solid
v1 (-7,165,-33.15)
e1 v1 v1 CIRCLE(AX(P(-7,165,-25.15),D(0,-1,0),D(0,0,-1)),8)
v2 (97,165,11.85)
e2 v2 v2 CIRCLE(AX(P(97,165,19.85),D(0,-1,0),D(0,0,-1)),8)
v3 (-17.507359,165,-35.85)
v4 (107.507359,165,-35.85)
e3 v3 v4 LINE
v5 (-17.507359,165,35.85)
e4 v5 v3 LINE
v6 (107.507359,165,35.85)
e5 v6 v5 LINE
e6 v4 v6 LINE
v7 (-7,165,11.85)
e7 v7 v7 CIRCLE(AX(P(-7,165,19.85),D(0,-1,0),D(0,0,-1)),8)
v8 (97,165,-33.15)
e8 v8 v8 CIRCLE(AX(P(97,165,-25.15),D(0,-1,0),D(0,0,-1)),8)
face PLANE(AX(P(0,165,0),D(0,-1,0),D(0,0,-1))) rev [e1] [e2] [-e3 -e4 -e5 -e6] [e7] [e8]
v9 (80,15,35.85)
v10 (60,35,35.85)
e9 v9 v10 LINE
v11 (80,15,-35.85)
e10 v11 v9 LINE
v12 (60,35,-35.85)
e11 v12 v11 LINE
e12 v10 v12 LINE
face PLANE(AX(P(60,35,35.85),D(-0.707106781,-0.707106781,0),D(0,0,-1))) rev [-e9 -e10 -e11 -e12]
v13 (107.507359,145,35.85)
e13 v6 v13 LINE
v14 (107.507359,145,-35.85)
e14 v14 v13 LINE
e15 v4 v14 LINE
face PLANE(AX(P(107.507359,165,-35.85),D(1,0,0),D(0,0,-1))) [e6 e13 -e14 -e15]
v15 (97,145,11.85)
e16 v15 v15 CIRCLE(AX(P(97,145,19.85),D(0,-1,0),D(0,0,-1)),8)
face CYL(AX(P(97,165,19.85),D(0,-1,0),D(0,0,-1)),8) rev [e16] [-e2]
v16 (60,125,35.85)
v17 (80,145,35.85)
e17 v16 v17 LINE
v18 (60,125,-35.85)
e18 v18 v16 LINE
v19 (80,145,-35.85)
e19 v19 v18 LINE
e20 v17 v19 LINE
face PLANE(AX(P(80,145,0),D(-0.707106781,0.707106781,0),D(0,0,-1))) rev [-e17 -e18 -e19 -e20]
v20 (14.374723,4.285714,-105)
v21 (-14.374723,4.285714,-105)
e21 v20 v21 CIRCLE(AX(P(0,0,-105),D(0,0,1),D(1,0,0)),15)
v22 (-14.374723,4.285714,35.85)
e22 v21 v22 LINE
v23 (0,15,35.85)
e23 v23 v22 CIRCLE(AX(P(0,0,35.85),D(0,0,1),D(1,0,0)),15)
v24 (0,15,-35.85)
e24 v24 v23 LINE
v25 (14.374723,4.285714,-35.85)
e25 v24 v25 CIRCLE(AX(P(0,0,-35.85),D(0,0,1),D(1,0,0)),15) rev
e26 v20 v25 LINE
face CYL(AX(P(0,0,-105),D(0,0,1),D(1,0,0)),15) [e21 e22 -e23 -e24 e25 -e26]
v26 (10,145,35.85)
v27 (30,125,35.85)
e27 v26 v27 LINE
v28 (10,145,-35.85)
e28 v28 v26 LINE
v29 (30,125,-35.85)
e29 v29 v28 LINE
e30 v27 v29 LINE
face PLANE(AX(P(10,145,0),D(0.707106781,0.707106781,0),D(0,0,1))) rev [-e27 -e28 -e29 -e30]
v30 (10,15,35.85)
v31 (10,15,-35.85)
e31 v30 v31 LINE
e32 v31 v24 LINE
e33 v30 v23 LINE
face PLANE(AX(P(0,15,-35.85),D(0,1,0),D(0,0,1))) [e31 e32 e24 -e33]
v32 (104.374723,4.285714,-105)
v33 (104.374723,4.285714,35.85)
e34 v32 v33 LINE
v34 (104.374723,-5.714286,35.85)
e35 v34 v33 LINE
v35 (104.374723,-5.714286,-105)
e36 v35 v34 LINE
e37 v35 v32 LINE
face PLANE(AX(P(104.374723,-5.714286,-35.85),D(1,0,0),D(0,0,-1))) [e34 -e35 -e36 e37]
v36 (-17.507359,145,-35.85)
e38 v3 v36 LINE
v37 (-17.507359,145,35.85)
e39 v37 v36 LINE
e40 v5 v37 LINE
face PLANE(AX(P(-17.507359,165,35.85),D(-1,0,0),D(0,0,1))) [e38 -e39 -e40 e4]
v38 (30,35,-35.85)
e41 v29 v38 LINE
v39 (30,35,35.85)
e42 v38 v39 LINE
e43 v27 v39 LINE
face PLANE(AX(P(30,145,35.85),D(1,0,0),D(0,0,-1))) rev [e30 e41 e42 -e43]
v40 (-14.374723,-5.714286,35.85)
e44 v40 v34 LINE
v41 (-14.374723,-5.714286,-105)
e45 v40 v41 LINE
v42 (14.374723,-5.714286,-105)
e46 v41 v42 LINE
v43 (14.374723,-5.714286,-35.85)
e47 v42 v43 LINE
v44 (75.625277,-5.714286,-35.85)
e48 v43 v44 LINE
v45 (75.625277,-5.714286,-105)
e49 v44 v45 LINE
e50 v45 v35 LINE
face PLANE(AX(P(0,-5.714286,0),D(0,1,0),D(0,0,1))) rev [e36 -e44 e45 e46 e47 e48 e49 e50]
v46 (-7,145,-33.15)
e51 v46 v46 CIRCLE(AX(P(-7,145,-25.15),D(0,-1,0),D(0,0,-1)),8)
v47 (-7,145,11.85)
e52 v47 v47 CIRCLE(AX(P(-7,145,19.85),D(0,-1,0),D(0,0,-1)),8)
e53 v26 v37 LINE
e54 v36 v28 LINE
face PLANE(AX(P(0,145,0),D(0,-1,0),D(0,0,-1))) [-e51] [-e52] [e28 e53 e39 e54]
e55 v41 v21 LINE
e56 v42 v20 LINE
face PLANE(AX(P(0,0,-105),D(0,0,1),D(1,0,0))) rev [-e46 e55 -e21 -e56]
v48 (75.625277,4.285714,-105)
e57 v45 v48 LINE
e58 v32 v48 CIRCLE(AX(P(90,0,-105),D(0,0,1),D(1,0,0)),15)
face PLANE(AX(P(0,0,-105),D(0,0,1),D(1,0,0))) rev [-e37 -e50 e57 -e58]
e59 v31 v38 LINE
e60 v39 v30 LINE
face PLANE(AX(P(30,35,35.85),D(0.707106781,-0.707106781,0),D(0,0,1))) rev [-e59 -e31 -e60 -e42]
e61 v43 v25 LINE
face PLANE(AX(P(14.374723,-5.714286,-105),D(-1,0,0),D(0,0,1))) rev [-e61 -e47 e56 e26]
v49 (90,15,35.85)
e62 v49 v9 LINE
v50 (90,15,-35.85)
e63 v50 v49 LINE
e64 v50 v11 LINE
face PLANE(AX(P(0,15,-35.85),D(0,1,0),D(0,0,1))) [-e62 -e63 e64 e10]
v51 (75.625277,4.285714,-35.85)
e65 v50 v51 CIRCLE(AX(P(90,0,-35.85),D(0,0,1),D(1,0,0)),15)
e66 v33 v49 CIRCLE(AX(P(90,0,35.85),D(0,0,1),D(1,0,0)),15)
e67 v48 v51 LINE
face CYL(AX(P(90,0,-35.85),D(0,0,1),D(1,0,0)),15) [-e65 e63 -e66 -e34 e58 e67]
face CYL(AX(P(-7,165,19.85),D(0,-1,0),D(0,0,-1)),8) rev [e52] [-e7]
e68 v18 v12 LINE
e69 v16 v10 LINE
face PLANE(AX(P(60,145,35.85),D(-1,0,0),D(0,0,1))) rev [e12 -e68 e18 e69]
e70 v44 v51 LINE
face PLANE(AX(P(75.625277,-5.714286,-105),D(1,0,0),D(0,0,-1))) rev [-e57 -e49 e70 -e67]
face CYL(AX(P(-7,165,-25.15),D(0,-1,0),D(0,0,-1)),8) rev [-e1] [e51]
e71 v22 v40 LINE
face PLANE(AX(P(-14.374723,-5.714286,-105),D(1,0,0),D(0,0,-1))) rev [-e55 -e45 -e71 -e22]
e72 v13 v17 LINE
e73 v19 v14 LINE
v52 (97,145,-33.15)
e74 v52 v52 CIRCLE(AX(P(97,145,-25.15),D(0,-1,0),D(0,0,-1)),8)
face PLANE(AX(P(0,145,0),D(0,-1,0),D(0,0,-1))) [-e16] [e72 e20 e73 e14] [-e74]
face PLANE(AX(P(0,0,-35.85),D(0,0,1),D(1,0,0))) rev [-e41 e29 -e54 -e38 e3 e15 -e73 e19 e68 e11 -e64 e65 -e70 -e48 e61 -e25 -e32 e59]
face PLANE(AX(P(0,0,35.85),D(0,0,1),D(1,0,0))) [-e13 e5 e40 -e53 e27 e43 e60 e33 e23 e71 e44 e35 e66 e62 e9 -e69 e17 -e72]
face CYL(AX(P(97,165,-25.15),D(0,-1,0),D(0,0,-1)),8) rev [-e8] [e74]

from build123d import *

# Parameters (mm, degrees)
ESTRUSIONE_ESTRUSIONE1_DEPTH   = 105
ESTRUSIONE_ESTRUSIONE1_2_DEPTH = 105
SCHIZZO2_W                     = 28.749445424
SCHIZZO2_H                     = 105
ESTRUSIONE_ESTRUSIONE2_DEPTH   = 10
ESTRUSIONE_ESTRUSIONE3_DEPTH   = 35.85
SCHIZZO4_W                     = 30
SCHIZZO4_H                     = 71.7
ESTRUSIONE_ESTRUSIONE4_DEPTH   = 130
SCHIZZO5_W                     = 125.014718626
SCHIZZO5_H                     = 71.7
ESTRUSIONE_ESTRUSIONE5_DEPTH   = 20
SMUSSO1_SIZE                   = 20


with BuildPart() as part:
    # Schizzo1 → Estrusione-Estrusione1 (new body)
    with BuildSketch(Plane.XY):
        with BuildLine():
            ThreePointArc((14.374722712, 4.285714286), (0, 15), (-14.374722712, 4.285714286))
            Line((-14.374722712, 4.285714286), (14.374722712, 4.285714286))
        make_face()
    extrude(amount=-ESTRUSIONE_ESTRUSIONE1_DEPTH)



with BuildPart() as body_2:
    # Schizzo1 → Estrusione-Estrusione1 2 (new body)
    with BuildSketch(Plane.XY):
        with BuildLine():
            Line((75.625277288, 4.285714286), (104.374722712, 4.285714286))
            ThreePointArc((104.374722712, 4.285714286), (90, 15), (75.625277288, 4.285714286))
        make_face()
    extrude(amount=-ESTRUSIONE_ESTRUSIONE1_2_DEPTH)


with BuildPart() as part_1:
    add(part.part)

    add(body_2.part)  # Estrusione-Estrusione2 merges body 2
    # Schizzo2 → Estrusione-Estrusione2 (add)
    with BuildSketch(Plane.XZ.offset(-4.285714286)):
        with Locations((0, -52.5)):
            Rectangle(SCHIZZO2_W, SCHIZZO2_H)
        with Locations((90, -52.5)):
            Rectangle(SCHIZZO2_W, SCHIZZO2_H)
    extrude(amount=ESTRUSIONE_ESTRUSIONE2_DEPTH)

    # Schizzo3 → Estrusione-Estrusione3 (add, symmetric)
    with BuildSketch(Plane.XY):
        with BuildLine():
            Line((-14.374722712, -5.714285714), (104.374722712, -5.714285714))
            Line((104.374722712, -5.714285714), (104.374722712, 4.285714286))
            ThreePointArc((104.374722712, 4.285714286), (98.96421457, 12.026755886), (90, 15))
            Line((90, 15), (0, 15))
            ThreePointArc((0, 15), (-8.96421457, 12.026755886), (-14.374722712, 4.285714286))
            Line((-14.374722712, 4.285714286), (-14.374722712, -5.714285714))
        make_face()
    extrude(amount=ESTRUSIONE_ESTRUSIONE3_DEPTH, both=True)

    # Schizzo4 → Estrusione-Estrusione4 (add)
    with BuildSketch(Plane(origin=(0, 15, 0), x_dir=(1, 0, 0), z_dir=(0, 1, 0))):
        with Locations((45, 0)):
            Rectangle(SCHIZZO4_W, SCHIZZO4_H)
    extrude(amount=ESTRUSIONE_ESTRUSIONE4_DEPTH)

    # Schizzo5 → Estrusione-Estrusione5 (add)
    with BuildSketch(Plane(origin=(0, 145, -145), x_dir=(1, 0, 0), z_dir=(0, -1, 0))):
        with Locations((45, 145)):
            Rectangle(SCHIZZO5_W, SCHIZZO5_H)
        with BuildLine():
            ThreePointArc((97, 156.85), (105, 164.85), (97, 172.85))
            ThreePointArc((97, 172.85), (89, 164.85), (97, 156.85))
        make_face(mode=Mode.SUBTRACT)
        with BuildLine():
            ThreePointArc((97, 127.85), (89, 119.85), (97, 111.85))
            ThreePointArc((97, 111.85), (105, 119.85), (97, 127.85))
        make_face(mode=Mode.SUBTRACT)
        with BuildLine():
            ThreePointArc((-7, 127.85), (-15, 119.85), (-7, 111.85))
            ThreePointArc((-7, 111.85), (1, 119.85), (-7, 127.85))
        make_face(mode=Mode.SUBTRACT)
        with BuildLine():
            ThreePointArc((-7, 156.85), (1, 164.85), (-7, 172.85))
            ThreePointArc((-7, 172.85), (-15, 164.85), (-7, 156.85))
        make_face(mode=Mode.SUBTRACT)
    extrude(amount=-ESTRUSIONE_ESTRUSIONE5_DEPTH)

    # Smusso1
    smusso1_edges = [part_1.edges().sort_by_distance(p)[0] for p in [
        (30, 15, 0),
        (60, 15, 0),
        (30, 145, 0),
        (60, 145, 0),
    ]]
    chamfer(smusso1_edges, length=SMUSSO1_SIZE)


solid = part_1.part
